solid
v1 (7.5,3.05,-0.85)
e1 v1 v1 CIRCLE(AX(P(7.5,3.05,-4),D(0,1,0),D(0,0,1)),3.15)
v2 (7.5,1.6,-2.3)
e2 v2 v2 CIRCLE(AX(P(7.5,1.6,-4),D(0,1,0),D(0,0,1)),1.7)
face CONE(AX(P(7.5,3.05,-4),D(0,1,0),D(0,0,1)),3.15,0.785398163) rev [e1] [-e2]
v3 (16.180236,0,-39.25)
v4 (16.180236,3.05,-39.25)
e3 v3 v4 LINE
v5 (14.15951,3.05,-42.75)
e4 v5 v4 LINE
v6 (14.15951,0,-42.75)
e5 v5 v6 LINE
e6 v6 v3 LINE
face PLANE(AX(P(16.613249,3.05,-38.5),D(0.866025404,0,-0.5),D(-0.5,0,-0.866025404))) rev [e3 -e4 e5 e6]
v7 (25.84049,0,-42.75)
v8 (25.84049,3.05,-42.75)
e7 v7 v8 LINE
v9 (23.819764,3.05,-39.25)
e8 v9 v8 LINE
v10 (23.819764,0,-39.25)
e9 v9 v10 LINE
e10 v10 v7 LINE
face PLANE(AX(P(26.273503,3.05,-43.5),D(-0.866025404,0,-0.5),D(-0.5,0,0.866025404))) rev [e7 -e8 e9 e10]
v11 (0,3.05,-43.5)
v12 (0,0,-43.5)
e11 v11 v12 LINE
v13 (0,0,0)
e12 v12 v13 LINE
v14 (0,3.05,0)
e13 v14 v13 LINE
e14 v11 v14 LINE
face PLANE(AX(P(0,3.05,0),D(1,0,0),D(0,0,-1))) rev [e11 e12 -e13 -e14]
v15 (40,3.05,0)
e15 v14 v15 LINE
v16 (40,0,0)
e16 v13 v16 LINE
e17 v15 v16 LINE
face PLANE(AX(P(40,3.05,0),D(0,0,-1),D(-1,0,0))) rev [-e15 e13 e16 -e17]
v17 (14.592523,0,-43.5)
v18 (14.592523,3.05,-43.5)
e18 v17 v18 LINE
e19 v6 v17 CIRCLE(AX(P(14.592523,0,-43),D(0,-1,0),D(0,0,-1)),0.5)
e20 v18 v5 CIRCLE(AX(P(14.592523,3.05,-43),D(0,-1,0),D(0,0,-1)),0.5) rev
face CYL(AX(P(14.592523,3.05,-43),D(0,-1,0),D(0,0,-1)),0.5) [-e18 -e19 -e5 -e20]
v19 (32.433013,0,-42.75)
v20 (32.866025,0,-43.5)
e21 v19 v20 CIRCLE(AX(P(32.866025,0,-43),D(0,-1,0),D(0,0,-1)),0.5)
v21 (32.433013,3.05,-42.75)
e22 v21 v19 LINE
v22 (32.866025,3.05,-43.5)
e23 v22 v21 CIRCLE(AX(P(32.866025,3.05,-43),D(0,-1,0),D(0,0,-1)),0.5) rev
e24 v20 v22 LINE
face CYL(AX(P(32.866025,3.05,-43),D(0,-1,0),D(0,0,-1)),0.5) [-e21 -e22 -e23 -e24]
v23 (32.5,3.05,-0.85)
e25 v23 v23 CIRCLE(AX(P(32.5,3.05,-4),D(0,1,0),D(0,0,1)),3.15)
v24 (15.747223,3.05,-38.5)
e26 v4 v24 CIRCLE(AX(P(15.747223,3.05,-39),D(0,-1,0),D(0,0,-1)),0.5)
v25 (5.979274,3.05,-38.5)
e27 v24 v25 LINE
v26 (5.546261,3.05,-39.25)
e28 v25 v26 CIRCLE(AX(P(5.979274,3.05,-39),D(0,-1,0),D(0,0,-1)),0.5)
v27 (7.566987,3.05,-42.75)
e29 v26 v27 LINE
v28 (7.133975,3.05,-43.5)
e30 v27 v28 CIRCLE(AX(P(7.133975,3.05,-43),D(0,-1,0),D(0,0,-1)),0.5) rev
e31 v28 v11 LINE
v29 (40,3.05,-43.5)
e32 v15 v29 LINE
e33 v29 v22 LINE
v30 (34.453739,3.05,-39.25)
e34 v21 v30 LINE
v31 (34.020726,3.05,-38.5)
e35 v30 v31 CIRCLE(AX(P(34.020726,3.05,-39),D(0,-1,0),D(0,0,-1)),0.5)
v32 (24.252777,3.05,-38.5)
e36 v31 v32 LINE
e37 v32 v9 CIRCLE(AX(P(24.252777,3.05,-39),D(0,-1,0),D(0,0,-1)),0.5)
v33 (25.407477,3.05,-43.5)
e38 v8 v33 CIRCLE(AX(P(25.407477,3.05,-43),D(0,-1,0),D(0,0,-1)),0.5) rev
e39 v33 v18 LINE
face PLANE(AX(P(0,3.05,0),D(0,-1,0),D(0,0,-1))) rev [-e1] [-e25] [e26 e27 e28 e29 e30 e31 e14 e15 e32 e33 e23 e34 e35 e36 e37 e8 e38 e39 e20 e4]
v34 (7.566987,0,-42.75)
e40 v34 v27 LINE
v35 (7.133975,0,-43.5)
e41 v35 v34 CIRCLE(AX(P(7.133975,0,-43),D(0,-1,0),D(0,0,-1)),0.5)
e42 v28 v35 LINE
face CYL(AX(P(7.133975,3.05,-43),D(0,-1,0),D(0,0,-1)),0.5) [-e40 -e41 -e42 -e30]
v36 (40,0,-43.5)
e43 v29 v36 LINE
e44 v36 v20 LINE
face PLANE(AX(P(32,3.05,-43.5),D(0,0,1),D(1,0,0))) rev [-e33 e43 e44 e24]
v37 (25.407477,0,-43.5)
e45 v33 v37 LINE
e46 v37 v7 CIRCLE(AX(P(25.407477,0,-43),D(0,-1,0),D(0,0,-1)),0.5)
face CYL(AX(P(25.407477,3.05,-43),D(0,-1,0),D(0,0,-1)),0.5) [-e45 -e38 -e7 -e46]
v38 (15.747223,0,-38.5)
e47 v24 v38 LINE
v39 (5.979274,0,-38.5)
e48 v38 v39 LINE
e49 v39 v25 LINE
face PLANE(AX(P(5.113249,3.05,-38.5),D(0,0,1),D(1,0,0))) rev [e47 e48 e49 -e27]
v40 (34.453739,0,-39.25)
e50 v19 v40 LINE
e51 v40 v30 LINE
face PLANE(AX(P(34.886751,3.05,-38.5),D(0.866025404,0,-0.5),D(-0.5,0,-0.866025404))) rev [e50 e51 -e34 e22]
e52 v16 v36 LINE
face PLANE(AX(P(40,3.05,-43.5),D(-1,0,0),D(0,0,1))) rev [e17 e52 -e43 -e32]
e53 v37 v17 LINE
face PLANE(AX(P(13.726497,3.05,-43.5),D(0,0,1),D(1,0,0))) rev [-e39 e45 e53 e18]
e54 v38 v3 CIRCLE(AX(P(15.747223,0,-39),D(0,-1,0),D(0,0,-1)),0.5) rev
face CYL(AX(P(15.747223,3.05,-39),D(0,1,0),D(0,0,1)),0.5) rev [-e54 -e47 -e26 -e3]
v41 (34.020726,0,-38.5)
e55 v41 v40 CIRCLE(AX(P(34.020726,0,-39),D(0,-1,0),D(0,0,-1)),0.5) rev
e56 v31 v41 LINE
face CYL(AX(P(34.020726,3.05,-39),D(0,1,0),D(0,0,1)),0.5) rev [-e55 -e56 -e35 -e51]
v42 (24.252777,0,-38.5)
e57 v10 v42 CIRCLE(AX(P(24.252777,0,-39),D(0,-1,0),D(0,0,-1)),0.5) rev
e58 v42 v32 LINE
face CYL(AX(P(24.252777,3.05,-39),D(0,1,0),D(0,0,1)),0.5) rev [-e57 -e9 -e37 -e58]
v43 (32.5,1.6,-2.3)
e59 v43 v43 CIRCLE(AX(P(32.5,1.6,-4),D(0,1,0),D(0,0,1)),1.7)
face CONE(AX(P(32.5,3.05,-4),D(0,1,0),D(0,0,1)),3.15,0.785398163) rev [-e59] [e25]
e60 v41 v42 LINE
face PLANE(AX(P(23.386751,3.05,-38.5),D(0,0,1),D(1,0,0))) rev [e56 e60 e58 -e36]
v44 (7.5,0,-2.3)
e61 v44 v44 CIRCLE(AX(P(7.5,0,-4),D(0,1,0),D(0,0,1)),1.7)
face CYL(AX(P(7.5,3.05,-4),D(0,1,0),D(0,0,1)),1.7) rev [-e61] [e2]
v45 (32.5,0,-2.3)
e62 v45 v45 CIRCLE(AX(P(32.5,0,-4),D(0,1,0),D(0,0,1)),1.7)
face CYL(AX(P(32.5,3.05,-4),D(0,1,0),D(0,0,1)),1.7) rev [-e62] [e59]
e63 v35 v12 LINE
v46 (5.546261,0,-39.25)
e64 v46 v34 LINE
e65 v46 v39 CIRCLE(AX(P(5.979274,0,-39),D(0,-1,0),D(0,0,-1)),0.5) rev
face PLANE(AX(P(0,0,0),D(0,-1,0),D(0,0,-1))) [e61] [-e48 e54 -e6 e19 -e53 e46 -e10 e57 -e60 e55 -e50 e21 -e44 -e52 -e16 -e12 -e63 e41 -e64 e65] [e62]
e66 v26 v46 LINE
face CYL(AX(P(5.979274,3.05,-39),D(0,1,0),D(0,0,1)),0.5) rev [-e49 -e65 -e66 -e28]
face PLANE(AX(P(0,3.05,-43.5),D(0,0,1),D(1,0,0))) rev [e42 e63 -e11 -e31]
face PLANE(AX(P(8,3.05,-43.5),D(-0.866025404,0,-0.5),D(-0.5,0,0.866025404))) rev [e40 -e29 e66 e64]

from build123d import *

# Parameters (mm, degrees)
BOSS_EXTRUDE1_DEPTH                            = 3.05
FILLET3_R                                      = 0.5
CSK_FOR_M3_FLAT_HEAD_MACHINE_SCREW1_AT_2_COUNT = 2
CSK_FOR_M3_FLAT_HEAD_MACHINE_SCREW1_AT_2_PITCH = 25


with BuildPart() as part:
    # Sketch1 → Boss-Extrude1 (new body)
    with BuildSketch(Plane(origin=(0, 0, 0), x_dir=(1, 0, 0), z_dir=(0, 1, 0))):
        Polygon((0, 0), (0, 43.5), (8, 43.5), (5.113248654, 38.5), (16.613248654, 38.5), (13.726497308, 43.5), (26.273502692, 43.5), (23.386751346, 38.5), (34.886751346, 38.5), (32, 43.5), (40, 43.5), (40, 0), align=None)
    extrude(amount=BOSS_EXTRUDE1_DEPTH)

    # Fillet3
    fillet3_edges = [part.edges().sort_by_distance(p)[0] for p in [
        (8, 1.525, -43.5),
        (5.113248654, 1.525, -38.5),
        (16.613248654, 1.525, -38.5),
        (13.726497308, 1.525, -43.5),
        (26.273502692, 1.525, -43.5),
        (23.386751346, 1.525, -38.5),
        (34.886751346, 1.525, -38.5),
        (32, 1.525, -43.5),
    ]]
    fillet(fillet3_edges, radius=FILLET3_R)

    # Sketch7 → CSK for M3 Flat Head Machine Screw1 (revolve, cut)
    with BuildSketch(Plane(origin=(7.5, 3.05, -4), x_dir=(0, 0, 1), z_dir=(1, 0, 0))):
        Polygon((0, 0), (0, 3.05), (1.7, 3.05), (1.7, 1.45), (3.15, 0), align=None)
    csk_for_m3_flat_head_machine_screw1 = revolve(axis=Axis((7.5, 9.4, -4), (0, -1, 0)), mode=Mode.SUBTRACT)

    # CSK for M3 Flat Head Machine Screw1 at 2: CSK for M3 Flat Head Machine Screw1 ×2
    with Locations(*[(i * CSK_FOR_M3_FLAT_HEAD_MACHINE_SCREW1_AT_2_PITCH, 0, 0) for i in range(1, CSK_FOR_M3_FLAT_HEAD_MACHINE_SCREW1_AT_2_COUNT)]):
        add(csk_for_m3_flat_head_machine_screw1, mode=Mode.SUBTRACT)


solid = part.part
